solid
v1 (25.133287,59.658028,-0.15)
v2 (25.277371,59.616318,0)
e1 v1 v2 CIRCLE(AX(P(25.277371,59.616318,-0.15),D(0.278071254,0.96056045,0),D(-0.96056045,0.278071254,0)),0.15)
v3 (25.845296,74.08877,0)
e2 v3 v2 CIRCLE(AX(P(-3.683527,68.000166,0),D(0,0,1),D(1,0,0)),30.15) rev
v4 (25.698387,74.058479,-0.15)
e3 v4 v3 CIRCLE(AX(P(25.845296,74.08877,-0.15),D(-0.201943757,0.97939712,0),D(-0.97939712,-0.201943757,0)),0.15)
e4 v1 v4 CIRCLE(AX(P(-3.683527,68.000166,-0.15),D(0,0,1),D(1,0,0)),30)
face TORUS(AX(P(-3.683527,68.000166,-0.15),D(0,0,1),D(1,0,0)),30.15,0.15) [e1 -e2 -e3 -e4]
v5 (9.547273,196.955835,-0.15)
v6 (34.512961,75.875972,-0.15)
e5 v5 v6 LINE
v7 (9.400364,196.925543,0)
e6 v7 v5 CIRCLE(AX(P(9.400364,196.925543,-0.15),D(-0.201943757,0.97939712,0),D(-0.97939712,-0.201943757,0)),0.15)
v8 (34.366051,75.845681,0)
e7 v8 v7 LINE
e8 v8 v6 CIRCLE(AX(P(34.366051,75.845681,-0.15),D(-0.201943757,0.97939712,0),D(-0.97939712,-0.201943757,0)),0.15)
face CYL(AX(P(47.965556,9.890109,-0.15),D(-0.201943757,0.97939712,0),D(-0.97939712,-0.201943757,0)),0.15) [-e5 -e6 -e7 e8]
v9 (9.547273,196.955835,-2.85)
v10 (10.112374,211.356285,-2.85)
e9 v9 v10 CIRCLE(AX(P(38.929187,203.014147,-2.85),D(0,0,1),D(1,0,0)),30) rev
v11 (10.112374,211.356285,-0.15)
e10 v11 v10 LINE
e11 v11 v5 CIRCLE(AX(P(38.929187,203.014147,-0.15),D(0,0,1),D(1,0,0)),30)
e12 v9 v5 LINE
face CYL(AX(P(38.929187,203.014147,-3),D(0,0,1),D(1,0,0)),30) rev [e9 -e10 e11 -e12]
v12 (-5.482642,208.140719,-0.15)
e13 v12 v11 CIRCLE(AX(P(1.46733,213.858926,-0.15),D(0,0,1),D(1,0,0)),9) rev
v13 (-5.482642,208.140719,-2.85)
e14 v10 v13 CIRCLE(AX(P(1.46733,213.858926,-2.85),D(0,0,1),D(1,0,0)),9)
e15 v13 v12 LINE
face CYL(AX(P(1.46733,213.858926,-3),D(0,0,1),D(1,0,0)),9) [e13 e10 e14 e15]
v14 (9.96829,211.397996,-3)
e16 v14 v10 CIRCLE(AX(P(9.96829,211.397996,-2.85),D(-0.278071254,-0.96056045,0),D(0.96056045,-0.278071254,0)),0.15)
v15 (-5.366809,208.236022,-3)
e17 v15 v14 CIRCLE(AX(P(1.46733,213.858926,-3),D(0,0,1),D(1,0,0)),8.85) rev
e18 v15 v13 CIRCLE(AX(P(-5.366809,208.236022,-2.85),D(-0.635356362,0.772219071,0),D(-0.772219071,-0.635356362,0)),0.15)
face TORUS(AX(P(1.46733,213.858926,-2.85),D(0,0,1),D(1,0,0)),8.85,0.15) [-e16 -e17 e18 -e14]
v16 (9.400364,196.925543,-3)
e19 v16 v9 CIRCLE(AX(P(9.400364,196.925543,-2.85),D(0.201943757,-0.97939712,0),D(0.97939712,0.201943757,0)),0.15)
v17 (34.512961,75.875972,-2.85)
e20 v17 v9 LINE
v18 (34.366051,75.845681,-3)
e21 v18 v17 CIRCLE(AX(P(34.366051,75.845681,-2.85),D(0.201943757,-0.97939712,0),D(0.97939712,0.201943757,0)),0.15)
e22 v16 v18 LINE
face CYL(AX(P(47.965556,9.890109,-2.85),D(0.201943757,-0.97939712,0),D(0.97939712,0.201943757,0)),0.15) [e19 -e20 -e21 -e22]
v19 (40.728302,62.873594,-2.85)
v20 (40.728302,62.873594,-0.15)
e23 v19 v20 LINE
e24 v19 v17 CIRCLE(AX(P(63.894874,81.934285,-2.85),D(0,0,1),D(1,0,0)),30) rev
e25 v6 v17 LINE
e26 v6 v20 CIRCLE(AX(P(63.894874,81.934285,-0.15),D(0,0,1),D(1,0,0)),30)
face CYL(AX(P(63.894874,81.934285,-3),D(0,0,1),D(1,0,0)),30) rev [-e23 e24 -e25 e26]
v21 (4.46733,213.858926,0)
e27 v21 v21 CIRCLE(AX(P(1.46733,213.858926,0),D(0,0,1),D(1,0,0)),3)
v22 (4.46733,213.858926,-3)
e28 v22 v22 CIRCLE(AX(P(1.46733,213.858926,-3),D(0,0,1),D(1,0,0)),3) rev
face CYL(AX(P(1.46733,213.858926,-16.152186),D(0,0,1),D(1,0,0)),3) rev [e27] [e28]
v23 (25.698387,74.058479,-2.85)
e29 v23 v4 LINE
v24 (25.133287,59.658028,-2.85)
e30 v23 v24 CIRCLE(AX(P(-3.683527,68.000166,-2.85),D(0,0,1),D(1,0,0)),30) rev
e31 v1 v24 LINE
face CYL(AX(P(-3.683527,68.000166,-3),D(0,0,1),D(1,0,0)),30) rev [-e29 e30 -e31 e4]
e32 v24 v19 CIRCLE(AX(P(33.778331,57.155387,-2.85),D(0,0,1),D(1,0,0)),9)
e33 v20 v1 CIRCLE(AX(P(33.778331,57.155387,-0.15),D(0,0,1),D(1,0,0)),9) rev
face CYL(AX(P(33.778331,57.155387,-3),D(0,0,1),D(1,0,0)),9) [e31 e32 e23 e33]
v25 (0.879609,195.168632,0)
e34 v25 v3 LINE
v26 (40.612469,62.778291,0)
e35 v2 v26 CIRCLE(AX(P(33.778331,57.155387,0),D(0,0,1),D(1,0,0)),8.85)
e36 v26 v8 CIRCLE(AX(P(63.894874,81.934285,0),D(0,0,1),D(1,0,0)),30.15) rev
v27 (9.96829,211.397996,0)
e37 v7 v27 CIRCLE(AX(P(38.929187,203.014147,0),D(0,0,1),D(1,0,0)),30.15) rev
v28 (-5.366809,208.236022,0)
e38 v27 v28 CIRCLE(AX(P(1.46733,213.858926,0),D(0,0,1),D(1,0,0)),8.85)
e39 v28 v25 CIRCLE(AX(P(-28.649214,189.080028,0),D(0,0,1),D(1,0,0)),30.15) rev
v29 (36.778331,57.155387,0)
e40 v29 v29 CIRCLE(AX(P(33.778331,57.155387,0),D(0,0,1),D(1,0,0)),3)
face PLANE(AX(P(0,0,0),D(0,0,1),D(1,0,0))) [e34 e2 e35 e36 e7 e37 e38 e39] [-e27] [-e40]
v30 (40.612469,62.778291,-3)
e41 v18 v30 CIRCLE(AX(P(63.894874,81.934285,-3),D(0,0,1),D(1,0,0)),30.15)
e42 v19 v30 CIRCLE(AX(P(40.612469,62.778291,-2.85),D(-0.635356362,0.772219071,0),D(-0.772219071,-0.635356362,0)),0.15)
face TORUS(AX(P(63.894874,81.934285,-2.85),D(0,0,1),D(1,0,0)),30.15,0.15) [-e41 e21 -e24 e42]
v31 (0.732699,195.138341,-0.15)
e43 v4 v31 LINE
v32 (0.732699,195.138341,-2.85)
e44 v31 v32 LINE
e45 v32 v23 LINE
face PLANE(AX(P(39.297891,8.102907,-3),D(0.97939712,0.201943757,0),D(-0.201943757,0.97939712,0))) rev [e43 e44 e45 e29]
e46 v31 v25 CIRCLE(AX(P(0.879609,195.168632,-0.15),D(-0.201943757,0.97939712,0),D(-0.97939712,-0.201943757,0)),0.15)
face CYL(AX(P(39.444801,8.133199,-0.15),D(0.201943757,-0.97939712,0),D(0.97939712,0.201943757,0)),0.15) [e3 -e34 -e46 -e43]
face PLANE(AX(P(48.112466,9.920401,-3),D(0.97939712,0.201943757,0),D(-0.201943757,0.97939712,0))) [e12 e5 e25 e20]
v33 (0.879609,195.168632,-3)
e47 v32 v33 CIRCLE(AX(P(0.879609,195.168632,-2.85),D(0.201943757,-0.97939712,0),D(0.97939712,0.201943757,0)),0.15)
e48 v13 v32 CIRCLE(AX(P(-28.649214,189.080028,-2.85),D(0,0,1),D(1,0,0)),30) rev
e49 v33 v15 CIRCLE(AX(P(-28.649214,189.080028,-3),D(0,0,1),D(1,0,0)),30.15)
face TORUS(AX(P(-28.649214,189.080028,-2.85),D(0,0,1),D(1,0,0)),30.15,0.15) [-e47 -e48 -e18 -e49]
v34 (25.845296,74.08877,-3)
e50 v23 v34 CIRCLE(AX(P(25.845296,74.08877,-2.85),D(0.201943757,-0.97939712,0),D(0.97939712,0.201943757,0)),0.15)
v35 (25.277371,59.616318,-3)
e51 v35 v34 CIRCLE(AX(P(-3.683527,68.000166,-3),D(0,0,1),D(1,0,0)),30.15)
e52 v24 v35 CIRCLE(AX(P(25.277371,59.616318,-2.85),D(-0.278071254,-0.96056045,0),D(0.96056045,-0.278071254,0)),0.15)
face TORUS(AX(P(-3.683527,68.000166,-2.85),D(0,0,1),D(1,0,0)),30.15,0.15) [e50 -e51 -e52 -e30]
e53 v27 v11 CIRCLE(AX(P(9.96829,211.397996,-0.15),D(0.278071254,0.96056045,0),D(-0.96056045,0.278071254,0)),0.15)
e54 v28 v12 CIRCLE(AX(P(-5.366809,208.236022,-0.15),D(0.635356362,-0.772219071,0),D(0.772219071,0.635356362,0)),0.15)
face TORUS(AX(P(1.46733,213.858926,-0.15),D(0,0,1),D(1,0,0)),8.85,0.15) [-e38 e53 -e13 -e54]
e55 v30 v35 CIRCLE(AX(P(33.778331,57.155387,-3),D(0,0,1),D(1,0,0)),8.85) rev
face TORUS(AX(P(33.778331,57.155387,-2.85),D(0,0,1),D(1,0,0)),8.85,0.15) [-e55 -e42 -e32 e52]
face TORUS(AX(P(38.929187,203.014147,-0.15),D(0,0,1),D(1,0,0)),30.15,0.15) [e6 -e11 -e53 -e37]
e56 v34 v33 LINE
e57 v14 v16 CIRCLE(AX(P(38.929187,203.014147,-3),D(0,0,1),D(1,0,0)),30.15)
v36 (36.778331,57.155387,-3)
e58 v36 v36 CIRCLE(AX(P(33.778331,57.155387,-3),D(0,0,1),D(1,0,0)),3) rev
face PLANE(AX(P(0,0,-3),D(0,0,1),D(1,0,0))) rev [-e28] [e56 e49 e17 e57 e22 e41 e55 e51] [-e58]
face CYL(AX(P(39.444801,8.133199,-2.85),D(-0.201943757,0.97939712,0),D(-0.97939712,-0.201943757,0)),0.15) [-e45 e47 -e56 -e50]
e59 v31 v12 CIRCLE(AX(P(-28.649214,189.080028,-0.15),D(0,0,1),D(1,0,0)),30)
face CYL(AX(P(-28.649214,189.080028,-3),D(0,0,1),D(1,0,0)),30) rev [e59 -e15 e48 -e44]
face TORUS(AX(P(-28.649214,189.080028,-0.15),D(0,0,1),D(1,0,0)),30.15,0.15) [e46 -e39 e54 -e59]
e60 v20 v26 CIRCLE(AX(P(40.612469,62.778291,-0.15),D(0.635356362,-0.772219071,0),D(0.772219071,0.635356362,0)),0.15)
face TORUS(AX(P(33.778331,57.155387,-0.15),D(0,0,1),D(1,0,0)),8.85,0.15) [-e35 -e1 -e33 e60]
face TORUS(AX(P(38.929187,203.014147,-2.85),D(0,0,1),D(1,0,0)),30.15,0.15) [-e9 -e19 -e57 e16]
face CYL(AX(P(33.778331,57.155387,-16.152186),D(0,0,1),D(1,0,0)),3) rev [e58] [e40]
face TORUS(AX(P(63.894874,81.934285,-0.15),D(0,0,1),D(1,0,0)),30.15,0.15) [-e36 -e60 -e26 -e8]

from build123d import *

# Parameters (mm, degrees)
BOSS_EXTRUDE1_DEPTH = 3
FILLET1_R           = 30
FILLET2_R           = 0.15
SKETCH2_R           = 4.65
SKETCH2_R_2         = 3
BOSS_EXTRUDE2_DEPTH = 3


with BuildPart() as part:
    # Sketch1 → Boss-Extrude1 (new body)
    with BuildSketch(Plane.XY):
        with BuildLine():
            ThreePointArc((7.448612374, 207.134028056), (-0.350164285, 222.673500313), (-1.365961708, 205.316534248))
            Line((-1.365961708, 205.316534248), (-2.939957518, 212.950179327))
            ThreePointArc((-2.939957518, 212.950179327), (0.558582619, 218.266213272), (5.874616565, 214.767673135))
            Line((5.874616565, 214.767673135), (7.448612374, 207.134028056))
        make_face()
        with BuildLine():
            Line((29.371043524, 56.246640082), (-2.939957518, 212.950179327))
            ThreePointArc((-2.939957518, 212.950179327), (2.376076428, 209.45163919), (5.874616565, 214.767673135))
            Line((5.874616565, 214.767673135), (38.185617606, 58.064133891))
            ThreePointArc((38.185617606, 58.064133891), (32.869583661, 61.562674028), (29.371043524, 56.246640082))
        make_face()
        with BuildLine():
            ThreePointArc((38.185617606, 58.064133891), (34.687077469, 52.748099945), (29.371043524, 56.246640082))
            Line((29.371043524, 56.246640082), (27.797047714, 63.880285161))
            ThreePointArc((27.797047714, 63.880285161), (35.595824373, 48.340812904), (36.611621797, 65.69777897))
            Line((36.611621797, 65.69777897), (38.185617606, 58.064133891))
        make_face()
    extrude(amount=-BOSS_EXTRUDE1_DEPTH)

    # Fillet1
    fillet1_edges = [part.edges().sort_by_distance(p)[0] for p in [
        (-1.365961708, 205.316534248, -1.5),
        (7.448612374, 207.134028056, -1.5),
        (36.611621797, 65.69777897, -1.5),
        (27.797047714, 63.880285161, -1.5),
    ]]
    fillet(fillet1_edges, radius=FILLET1_R)

    # Fillet2
    fillet2_edges = [part.edges().sort_by_distance(p)[0] for p in [
        (35.595824373, 48.340812904, 0),
        (35.595824373, 48.340812904, -3),
        (22.030117085, 136.415903513, 0),
        (22.030117085, 136.415903513, -3),
        (5.874616565, 214.767673135, -3),
        (13.215543003, 134.598409705, 0),
        (13.215543003, 134.598409705, -3),
        (-0.350164285, 222.673500313, 0),
        (-0.350164285, 222.673500313, -3),
        (36.828265789, 68.99602006, 0),
        (36.828265789, 68.99602006, -3),
        (26.293400844, 66.823816204, 0),
        (26.293400844, 66.823816204, -3),
        (-1.582605701, 202.018293157, 0),
        (34.687077469, 52.748099945, -3),
        (-1.582605701, 202.018293157, -3),
        (8.952259244, 204.190497013, 0),
        (8.952259244, 204.190497013, -3),
        (34.687077469, 52.748099945, 0),
        (5.874616565, 214.767673135, 0),
    ]]
    fillet(fillet2_edges, radius=FILLET2_R)

    # Sketch2 → Boss-Extrude2 (add)
    with BuildSketch(Plane.XY):
        with Locations((1.467329524, 213.858926231)):
            Circle(SKETCH2_R)
        with Locations((1.467329524, 213.858926231)):
            Circle(SKETCH2_R_2, mode=Mode.SUBTRACT)
        with Locations((33.778330565, 57.155386987)):
            Circle(SKETCH2_R)
        with Locations((33.778330565, 57.155386987)):
            Circle(SKETCH2_R_2, mode=Mode.SUBTRACT)
    extrude(amount=-BOSS_EXTRUDE2_DEPTH)


solid = part.part
